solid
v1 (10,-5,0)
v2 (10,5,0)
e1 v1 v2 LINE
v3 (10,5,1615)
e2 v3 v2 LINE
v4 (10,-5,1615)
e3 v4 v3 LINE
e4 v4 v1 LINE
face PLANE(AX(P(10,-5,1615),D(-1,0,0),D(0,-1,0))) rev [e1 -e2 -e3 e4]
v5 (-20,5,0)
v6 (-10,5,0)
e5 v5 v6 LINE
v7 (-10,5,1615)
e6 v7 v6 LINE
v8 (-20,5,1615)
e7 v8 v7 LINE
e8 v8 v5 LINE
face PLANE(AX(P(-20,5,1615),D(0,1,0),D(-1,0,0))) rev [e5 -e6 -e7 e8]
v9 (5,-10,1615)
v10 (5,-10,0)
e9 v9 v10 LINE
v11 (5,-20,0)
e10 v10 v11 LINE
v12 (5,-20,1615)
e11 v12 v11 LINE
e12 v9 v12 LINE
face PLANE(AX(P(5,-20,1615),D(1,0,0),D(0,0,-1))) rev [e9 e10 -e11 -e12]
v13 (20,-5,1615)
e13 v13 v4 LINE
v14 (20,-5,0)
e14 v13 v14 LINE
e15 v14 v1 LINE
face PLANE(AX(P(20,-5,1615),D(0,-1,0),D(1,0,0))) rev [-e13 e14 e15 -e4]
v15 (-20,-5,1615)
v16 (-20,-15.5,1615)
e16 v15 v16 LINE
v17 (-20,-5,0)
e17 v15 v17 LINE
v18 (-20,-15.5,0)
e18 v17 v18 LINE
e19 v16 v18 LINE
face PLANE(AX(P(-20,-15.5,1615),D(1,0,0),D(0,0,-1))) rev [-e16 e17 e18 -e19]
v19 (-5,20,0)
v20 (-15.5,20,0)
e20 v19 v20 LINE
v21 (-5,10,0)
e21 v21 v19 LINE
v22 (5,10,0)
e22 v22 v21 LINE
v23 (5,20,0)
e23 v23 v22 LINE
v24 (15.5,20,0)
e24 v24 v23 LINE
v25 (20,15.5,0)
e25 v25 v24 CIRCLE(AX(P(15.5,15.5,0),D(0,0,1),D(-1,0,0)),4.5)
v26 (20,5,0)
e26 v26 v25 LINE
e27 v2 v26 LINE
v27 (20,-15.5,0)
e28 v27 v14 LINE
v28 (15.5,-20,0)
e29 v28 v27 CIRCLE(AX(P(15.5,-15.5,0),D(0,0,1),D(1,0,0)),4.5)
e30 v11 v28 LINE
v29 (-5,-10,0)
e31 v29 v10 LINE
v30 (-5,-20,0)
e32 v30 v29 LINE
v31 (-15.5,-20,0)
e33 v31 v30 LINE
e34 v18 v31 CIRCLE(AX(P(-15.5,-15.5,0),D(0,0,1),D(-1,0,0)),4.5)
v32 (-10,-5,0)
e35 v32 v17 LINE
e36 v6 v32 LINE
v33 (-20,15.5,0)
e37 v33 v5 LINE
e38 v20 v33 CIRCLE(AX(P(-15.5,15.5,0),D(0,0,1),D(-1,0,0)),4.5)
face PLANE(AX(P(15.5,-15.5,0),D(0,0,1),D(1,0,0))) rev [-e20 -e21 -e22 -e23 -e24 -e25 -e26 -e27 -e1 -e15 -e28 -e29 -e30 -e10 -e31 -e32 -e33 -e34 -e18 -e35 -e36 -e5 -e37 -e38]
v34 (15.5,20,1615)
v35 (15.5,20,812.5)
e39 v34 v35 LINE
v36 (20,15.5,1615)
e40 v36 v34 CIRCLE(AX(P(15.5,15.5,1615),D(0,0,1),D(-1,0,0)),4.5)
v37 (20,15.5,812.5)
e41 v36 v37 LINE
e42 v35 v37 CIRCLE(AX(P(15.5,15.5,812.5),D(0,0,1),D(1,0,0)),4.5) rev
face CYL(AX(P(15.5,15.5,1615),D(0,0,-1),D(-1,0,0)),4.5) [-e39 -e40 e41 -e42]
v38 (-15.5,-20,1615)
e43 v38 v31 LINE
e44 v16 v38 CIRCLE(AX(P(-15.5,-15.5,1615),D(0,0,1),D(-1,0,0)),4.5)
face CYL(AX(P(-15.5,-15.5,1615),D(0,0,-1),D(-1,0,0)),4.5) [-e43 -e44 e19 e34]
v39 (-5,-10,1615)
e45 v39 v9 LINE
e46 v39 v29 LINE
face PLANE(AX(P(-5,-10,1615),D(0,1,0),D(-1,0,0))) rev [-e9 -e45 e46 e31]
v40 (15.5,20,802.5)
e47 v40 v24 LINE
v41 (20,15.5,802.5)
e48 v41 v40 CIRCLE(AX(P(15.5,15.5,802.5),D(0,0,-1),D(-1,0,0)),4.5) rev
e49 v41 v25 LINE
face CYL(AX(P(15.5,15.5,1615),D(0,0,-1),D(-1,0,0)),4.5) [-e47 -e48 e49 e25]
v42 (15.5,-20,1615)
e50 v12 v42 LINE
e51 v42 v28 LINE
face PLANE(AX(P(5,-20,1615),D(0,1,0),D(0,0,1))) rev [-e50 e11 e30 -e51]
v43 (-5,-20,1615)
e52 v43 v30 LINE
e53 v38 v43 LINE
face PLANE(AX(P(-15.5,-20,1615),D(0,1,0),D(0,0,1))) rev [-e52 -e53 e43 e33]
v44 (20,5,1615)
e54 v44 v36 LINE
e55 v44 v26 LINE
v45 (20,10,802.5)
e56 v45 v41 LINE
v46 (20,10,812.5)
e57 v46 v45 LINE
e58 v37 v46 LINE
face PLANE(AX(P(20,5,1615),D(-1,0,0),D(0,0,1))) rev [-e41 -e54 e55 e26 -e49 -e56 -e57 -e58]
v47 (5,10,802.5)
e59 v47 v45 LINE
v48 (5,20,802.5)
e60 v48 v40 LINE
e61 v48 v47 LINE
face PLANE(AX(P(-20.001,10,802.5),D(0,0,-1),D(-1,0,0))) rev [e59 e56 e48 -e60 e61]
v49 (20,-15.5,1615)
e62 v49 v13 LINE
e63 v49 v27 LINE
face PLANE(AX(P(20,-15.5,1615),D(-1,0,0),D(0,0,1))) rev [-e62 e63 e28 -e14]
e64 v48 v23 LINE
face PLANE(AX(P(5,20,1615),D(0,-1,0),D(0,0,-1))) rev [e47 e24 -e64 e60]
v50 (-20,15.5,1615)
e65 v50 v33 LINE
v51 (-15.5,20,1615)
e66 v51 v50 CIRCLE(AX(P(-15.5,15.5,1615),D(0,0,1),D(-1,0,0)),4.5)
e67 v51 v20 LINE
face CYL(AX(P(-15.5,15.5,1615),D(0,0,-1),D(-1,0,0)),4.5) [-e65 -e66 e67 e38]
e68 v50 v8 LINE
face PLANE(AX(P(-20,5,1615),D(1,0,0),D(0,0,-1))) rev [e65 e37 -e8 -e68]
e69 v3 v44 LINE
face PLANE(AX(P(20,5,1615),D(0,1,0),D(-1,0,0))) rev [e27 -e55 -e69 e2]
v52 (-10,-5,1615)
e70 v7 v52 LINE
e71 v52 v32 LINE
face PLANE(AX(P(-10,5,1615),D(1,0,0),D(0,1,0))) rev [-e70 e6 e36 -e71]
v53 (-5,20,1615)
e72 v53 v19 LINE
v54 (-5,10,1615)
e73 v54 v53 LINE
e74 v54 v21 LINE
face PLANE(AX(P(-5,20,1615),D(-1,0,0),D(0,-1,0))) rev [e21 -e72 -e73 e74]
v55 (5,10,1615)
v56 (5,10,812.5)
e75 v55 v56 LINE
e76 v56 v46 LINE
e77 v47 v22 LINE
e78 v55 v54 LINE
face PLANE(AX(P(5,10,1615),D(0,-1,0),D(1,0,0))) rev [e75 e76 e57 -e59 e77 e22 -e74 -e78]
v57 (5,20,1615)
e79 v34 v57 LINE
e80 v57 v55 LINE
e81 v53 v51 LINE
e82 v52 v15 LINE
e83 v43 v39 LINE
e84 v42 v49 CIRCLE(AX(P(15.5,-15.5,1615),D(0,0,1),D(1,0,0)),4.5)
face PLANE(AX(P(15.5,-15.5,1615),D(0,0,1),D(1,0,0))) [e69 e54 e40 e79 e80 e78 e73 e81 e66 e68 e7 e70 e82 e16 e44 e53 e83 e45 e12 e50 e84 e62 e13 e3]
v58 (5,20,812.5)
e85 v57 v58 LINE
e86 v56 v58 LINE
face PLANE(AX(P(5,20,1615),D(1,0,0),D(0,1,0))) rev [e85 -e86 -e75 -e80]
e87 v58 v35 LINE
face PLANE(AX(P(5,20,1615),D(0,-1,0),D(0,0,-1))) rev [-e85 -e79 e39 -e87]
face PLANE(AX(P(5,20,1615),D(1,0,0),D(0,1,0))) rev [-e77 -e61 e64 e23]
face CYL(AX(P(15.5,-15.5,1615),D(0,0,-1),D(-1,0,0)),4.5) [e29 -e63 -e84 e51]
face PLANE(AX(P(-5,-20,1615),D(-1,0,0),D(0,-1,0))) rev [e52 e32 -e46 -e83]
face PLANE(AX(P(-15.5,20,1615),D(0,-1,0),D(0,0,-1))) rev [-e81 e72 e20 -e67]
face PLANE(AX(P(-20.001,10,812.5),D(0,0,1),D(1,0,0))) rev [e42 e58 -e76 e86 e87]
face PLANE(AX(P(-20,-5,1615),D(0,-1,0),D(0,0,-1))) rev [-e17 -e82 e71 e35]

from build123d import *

# Parameters (mm, degrees)
BOSS_EXTRUDE1_DEPTH             = 1615
SCHNITT_LINEAR_AUSTRAGEN1_REACH = 1617.619
SKIZZE1_W                       = 10
SKIZZE1_H                       = 10


with BuildPart() as part:
    # Sketch1 → Boss-Extrude1 (new body)
    with BuildSketch(Plane.XY):
        with BuildLine():
            Line((-15.5, -20), (-5, -20))
            Line((-5, -20), (-5, -10))
            Line((-5, -10), (5, -10))
            Line((5, -10), (5, -20))
            Line((5, -20), (15.5, -20))
            ThreePointArc((15.5, -20), (18.681980515, -18.681980515), (20, -15.5))
            Line((20, -15.5), (20, -5))
            Line((20, -5), (10, -5))
            Line((10, -5), (10, 5))
            Line((10, 5), (20, 5))
            Line((20, 5), (20, 15.5))
            ThreePointArc((20, 15.5), (18.681980515, 18.681980515), (15.5, 20))
            Line((15.5, 20), (5, 20))
            Line((5, 20), (5, 10))
            Line((5, 10), (-5, 10))
            Line((-5, 10), (-5, 20))
            Line((-5, 20), (-8, 20))
            Line((-8, 20), (-15, 20))
            Line((-15, 20), (-15.5, 20))
            ThreePointArc((-15.5, 20), (-18.681980515, 18.681980515), (-20, 15.5))
            Line((-20, 15.5), (-20, 5))
            Line((-20, 5), (-10, 5))
            Line((-10, 5), (-10, -5))
            Line((-10, -5), (-20, -5))
            Line((-20, -5), (-20, -15.5))
            ThreePointArc((-20, -15.5), (-18.681980515, -18.681980515), (-15.5, -20))
        make_face()
    extrude(amount=BOSS_EXTRUDE1_DEPTH)

    # Skizze1 → Schnitt-Linear austragen1 (cut, up to next)
    with BuildSketch(Plane(origin=(20, 0, 0), x_dir=(0, 0, -1), z_dir=(1, 0, 0)), mode=Mode.PRIVATE) as schnitt_linear_austragen1_sk1:
        with Locations((-807.5, 15)):
            Rectangle(SKIZZE1_W, SKIZZE1_H)
    schnitt_linear_austragen1_tool1 = extrude(schnitt_linear_austragen1_sk1.sketch, amount=-SCHNITT_LINEAR_AUSTRAGEN1_REACH, mode=Mode.PRIVATE) & part.part
    add(schnitt_linear_austragen1_tool1.solids().sort_by_distance((20, 15, 807.5))[0], mode=Mode.SUBTRACT)


solid = part.part
